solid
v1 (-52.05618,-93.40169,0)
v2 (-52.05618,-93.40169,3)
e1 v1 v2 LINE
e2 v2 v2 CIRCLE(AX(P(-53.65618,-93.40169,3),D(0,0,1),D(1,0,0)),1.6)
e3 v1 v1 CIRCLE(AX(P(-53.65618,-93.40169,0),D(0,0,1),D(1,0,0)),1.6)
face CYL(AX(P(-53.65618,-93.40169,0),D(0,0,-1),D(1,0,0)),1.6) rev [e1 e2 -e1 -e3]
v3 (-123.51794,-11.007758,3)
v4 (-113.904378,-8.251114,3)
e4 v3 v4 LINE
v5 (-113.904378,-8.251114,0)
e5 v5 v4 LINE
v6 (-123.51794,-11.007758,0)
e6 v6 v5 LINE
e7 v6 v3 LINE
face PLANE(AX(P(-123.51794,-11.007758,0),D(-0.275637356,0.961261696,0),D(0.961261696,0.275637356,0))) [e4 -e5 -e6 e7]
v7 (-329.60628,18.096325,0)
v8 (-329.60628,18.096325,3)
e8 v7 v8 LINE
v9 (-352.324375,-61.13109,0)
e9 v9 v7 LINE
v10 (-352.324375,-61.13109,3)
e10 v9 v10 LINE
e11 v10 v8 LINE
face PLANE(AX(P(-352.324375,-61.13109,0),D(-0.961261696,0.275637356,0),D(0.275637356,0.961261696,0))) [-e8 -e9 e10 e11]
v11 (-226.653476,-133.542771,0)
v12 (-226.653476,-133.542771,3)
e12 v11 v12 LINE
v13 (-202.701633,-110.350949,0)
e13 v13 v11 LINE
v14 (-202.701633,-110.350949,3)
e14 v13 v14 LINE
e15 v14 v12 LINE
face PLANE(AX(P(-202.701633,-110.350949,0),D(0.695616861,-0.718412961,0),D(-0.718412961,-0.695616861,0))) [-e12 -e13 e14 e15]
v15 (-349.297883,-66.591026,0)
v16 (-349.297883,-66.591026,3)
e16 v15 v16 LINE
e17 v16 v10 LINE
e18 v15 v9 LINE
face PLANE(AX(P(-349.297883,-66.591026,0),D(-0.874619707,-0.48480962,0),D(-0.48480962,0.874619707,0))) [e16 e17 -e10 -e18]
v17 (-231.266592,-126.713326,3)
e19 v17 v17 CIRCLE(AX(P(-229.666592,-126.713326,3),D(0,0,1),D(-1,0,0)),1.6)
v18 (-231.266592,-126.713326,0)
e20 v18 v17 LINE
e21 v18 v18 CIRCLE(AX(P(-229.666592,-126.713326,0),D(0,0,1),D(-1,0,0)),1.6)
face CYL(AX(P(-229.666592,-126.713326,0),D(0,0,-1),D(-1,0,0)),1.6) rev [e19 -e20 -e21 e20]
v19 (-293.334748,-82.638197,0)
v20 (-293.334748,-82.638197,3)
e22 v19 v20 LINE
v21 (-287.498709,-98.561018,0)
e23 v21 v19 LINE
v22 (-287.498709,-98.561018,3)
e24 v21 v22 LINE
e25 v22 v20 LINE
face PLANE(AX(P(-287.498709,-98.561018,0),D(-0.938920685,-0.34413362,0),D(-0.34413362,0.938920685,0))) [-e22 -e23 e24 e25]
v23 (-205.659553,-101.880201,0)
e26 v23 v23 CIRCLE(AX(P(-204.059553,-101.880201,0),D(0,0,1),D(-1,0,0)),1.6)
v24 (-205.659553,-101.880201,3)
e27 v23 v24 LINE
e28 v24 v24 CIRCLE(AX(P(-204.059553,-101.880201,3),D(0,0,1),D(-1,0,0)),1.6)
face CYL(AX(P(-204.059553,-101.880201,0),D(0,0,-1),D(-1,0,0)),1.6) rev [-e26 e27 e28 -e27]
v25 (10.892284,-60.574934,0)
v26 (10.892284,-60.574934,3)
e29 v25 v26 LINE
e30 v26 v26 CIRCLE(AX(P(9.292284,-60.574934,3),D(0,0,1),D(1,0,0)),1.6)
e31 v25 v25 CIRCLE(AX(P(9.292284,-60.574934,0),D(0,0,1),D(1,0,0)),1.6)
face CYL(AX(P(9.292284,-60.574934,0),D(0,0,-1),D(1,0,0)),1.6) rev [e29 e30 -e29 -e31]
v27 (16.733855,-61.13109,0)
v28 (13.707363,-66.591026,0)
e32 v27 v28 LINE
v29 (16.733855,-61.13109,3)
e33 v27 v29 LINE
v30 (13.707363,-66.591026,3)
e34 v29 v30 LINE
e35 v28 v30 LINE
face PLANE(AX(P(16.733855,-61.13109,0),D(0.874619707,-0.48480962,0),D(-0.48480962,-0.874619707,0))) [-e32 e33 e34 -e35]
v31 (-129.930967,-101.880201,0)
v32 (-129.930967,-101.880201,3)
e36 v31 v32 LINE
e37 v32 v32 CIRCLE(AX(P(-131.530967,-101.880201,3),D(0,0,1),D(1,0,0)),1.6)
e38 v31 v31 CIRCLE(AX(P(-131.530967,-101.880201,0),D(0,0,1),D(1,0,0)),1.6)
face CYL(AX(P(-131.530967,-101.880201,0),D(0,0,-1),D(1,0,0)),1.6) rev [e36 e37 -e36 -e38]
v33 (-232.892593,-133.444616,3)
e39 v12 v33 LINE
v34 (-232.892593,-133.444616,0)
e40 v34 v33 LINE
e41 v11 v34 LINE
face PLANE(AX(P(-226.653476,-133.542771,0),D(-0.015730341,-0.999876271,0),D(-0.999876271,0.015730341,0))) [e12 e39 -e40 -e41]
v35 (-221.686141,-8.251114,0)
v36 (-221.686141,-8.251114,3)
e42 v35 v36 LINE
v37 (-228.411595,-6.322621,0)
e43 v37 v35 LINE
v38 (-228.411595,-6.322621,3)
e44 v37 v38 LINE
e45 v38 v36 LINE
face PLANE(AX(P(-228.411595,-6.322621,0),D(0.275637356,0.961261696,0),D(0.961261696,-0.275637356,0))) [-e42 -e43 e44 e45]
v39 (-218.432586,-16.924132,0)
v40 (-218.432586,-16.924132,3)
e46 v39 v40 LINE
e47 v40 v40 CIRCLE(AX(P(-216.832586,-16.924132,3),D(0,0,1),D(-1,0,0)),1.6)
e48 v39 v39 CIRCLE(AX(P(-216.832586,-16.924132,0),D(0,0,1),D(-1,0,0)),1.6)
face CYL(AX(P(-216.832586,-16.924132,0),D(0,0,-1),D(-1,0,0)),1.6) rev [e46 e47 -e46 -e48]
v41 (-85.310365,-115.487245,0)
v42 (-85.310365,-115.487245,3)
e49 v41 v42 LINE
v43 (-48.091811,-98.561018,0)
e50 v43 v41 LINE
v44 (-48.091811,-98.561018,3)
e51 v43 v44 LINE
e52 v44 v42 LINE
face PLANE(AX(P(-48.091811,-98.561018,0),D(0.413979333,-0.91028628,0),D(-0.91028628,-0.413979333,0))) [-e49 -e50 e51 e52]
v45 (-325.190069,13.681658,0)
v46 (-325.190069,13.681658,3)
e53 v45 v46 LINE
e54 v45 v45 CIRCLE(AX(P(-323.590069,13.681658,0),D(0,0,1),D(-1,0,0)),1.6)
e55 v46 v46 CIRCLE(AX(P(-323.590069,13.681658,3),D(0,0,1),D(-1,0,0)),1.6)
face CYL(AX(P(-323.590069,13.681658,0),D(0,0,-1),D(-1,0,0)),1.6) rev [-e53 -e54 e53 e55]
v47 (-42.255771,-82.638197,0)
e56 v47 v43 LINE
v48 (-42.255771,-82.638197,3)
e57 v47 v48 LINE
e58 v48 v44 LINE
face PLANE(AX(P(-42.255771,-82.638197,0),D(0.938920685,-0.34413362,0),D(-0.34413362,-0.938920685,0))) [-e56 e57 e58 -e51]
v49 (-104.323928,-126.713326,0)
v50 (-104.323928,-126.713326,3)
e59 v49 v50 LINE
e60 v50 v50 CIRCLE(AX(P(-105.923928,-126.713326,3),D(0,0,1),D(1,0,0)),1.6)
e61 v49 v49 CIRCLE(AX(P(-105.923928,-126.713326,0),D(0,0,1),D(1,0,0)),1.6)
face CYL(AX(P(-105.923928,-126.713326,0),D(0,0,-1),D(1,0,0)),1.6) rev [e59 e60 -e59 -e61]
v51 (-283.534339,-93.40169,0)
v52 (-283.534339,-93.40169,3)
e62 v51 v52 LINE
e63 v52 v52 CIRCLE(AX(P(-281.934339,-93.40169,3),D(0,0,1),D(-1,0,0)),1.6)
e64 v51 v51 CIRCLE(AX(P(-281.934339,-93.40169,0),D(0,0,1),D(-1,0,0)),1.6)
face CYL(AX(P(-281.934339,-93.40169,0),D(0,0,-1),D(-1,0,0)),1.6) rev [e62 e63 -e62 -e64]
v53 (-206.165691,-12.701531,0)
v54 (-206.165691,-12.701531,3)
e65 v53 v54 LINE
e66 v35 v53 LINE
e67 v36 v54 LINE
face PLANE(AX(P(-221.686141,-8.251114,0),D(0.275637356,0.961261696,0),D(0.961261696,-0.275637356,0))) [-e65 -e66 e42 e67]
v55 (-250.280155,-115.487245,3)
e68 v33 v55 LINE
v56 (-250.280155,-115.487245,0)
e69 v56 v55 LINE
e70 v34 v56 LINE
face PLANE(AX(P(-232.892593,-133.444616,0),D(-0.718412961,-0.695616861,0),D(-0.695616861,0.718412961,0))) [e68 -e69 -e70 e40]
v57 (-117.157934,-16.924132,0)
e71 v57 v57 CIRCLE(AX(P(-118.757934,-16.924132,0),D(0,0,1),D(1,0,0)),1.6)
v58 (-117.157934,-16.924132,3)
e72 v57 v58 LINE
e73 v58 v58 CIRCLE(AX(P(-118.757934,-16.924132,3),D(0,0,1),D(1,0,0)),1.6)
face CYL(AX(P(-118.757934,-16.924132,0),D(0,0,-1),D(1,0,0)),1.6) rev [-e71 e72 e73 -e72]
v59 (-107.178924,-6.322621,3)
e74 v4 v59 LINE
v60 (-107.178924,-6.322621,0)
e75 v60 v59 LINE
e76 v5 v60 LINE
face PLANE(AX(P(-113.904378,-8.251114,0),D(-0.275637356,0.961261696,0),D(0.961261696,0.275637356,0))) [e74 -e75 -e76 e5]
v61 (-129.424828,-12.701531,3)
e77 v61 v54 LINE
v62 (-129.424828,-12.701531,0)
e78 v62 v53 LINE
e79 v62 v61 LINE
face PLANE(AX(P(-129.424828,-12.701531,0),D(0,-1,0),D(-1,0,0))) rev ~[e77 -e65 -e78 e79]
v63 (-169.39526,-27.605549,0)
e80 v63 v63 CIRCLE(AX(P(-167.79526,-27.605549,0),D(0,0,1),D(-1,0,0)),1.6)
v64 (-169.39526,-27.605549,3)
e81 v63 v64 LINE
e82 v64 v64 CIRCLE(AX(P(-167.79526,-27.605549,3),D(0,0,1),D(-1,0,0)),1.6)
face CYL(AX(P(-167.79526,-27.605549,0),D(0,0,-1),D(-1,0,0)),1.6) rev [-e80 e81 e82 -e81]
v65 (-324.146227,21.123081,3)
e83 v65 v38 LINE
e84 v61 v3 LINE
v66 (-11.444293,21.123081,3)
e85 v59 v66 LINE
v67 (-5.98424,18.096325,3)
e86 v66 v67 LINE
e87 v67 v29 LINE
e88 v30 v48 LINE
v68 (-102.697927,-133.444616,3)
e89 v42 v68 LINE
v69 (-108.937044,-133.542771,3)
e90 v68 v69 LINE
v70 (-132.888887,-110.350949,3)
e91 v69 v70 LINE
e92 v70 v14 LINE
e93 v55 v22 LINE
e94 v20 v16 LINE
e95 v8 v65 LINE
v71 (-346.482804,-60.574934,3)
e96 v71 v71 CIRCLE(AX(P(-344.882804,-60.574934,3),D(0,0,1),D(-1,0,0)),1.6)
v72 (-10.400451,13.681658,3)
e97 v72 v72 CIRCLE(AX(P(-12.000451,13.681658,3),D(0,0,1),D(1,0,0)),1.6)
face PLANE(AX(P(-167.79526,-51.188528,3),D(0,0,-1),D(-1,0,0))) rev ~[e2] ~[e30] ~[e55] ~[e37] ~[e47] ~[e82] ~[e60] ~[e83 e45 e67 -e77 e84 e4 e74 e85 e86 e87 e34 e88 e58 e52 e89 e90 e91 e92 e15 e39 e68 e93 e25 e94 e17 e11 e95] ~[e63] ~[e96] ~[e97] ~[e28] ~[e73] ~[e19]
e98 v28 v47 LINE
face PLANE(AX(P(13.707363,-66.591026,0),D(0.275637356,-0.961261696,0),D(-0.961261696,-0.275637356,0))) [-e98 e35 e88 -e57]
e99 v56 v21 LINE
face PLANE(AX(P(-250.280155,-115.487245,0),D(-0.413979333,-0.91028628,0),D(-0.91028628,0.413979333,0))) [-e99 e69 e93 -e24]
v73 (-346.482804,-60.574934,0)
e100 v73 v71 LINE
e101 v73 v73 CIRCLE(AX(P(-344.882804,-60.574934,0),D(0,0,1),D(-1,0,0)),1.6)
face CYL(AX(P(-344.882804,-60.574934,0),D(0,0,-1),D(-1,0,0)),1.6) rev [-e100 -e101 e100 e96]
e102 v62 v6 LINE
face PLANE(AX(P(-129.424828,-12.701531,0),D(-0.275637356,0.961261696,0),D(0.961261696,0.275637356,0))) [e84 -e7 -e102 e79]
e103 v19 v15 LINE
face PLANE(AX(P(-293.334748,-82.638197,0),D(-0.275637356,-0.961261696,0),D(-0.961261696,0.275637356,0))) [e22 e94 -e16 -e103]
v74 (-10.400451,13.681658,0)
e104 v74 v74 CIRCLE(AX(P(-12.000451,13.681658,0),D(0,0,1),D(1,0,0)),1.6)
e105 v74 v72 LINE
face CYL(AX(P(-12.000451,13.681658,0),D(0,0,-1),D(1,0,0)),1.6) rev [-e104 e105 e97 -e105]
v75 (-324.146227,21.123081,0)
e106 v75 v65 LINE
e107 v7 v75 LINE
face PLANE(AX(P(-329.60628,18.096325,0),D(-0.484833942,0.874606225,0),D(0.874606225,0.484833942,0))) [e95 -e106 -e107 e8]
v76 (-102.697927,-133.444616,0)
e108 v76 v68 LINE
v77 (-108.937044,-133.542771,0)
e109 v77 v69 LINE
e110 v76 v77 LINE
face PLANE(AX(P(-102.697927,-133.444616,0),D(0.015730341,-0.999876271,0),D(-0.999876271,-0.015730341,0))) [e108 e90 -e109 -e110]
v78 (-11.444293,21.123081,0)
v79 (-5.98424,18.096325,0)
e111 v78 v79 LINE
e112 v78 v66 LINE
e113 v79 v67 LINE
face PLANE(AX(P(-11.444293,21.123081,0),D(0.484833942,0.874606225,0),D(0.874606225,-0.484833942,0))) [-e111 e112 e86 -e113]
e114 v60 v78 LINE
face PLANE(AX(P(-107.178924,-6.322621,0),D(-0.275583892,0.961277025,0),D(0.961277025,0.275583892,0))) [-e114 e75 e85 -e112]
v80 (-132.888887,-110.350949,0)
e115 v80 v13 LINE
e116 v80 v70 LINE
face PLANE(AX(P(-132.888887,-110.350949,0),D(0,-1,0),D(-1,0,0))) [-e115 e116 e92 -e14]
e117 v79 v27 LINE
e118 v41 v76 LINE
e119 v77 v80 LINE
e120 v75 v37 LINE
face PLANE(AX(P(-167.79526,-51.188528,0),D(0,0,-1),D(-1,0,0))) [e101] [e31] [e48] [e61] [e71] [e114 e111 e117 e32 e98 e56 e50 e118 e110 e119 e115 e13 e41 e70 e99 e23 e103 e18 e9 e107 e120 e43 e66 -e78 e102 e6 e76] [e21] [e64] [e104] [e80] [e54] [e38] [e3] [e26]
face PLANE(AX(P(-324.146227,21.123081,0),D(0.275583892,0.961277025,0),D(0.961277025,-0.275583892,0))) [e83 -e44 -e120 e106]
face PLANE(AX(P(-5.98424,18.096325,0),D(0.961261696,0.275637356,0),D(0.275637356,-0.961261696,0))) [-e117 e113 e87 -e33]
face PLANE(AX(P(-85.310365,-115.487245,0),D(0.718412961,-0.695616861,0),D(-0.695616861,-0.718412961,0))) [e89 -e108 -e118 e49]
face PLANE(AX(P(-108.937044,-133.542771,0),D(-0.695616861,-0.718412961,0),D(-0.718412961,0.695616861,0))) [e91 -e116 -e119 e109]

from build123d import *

# Parameters (mm, degrees)
ESQUISSE1_R        = 1.6
BOSS_EXTRU_1_DEPTH = 3


with BuildPart() as part:
    # Esquisse1 → Boss.-Extru.1 (new body)
    with BuildSketch(Plane.XY):
        Polygon((-324.146226634, 21.123080509), (-228.411595335, -6.322621021), (-221.686141291, -8.251113935), (-206.165691337, -12.701531345), (-167.175777529, -12.701531345), (-129.424828406, -12.701531345), (-123.517939729, -11.007758272), (-113.904378452, -8.251113935), (-107.178924408, -6.322621021), (-11.444293109, 21.123080509), (-5.984240232, 18.096325283), (16.733855492, -61.131089881), (13.707363231, -66.591026451), (-42.255771499, -82.638197107), (-48.091810819, -98.561018129), (-85.310364869, -115.48724507), (-102.69792658, -133.444615579), (-108.937044092, -133.542771169), (-132.888887149, -110.350948678), (-202.701632594, -110.350948678), (-226.653475651, -133.542771169), (-232.892593163, -133.444615579), (-250.280154874, -115.48724507), (-287.498708924, -98.561018129), (-293.334748244, -82.638197107), (-349.297882974, -66.591026451), (-352.324375235, -61.131089881), (-329.606279511, 18.096325283), align=None)
        with Locations((-12.000450916, 13.68165837)):
            Circle(ESQUISSE1_R, mode=Mode.SUBTRACT)
        with Locations((-118.757933777, -16.924131519)):
            Circle(ESQUISSE1_R, mode=Mode.SUBTRACT)
        with Locations((9.292284284, -60.574933915)):
            Circle(ESQUISSE1_R, mode=Mode.SUBTRACT)
        with Locations((-53.656180266, -93.401689518)):
            Circle(ESQUISSE1_R, mode=Mode.SUBTRACT)
        with Locations((-105.923928137, -126.713325795)):
            Circle(ESQUISSE1_R, mode=Mode.SUBTRACT)
        with Locations((-131.530967037, -101.880200807)):
            Circle(ESQUISSE1_R, mode=Mode.SUBTRACT)
        with Locations(Location((-204.059552706, -101.880200807, 0), (0, 0, 180))):
            Circle(ESQUISSE1_R, mode=Mode.SUBTRACT)
        with Locations(Location((-229.666591606, -126.713325795, 0), (0, 0, 180))):
            Circle(ESQUISSE1_R, mode=Mode.SUBTRACT)
        with Locations(Location((-281.934339477, -93.401689518, 0), (0, 0, 180))):
            Circle(ESQUISSE1_R, mode=Mode.SUBTRACT)
        with Locations(Location((-344.882804027, -60.574933915, 0), (0, 0, 180))):
            Circle(ESQUISSE1_R, mode=Mode.SUBTRACT)
        with Locations(Location((-216.832585966, -16.924131519, 0), (0, 0, 180))):
            Circle(ESQUISSE1_R, mode=Mode.SUBTRACT)
        with Locations(Location((-323.590068827, 13.68165837, 0), (0, 0, 180))):
            Circle(ESQUISSE1_R, mode=Mode.SUBTRACT)
        with Locations(Location((-167.795259872, -27.605548894, 0), (0, 0, 180))):
            Circle(ESQUISSE1_R, mode=Mode.SUBTRACT)
    extrude(amount=BOSS_EXTRU_1_DEPTH)


solid = part.part
